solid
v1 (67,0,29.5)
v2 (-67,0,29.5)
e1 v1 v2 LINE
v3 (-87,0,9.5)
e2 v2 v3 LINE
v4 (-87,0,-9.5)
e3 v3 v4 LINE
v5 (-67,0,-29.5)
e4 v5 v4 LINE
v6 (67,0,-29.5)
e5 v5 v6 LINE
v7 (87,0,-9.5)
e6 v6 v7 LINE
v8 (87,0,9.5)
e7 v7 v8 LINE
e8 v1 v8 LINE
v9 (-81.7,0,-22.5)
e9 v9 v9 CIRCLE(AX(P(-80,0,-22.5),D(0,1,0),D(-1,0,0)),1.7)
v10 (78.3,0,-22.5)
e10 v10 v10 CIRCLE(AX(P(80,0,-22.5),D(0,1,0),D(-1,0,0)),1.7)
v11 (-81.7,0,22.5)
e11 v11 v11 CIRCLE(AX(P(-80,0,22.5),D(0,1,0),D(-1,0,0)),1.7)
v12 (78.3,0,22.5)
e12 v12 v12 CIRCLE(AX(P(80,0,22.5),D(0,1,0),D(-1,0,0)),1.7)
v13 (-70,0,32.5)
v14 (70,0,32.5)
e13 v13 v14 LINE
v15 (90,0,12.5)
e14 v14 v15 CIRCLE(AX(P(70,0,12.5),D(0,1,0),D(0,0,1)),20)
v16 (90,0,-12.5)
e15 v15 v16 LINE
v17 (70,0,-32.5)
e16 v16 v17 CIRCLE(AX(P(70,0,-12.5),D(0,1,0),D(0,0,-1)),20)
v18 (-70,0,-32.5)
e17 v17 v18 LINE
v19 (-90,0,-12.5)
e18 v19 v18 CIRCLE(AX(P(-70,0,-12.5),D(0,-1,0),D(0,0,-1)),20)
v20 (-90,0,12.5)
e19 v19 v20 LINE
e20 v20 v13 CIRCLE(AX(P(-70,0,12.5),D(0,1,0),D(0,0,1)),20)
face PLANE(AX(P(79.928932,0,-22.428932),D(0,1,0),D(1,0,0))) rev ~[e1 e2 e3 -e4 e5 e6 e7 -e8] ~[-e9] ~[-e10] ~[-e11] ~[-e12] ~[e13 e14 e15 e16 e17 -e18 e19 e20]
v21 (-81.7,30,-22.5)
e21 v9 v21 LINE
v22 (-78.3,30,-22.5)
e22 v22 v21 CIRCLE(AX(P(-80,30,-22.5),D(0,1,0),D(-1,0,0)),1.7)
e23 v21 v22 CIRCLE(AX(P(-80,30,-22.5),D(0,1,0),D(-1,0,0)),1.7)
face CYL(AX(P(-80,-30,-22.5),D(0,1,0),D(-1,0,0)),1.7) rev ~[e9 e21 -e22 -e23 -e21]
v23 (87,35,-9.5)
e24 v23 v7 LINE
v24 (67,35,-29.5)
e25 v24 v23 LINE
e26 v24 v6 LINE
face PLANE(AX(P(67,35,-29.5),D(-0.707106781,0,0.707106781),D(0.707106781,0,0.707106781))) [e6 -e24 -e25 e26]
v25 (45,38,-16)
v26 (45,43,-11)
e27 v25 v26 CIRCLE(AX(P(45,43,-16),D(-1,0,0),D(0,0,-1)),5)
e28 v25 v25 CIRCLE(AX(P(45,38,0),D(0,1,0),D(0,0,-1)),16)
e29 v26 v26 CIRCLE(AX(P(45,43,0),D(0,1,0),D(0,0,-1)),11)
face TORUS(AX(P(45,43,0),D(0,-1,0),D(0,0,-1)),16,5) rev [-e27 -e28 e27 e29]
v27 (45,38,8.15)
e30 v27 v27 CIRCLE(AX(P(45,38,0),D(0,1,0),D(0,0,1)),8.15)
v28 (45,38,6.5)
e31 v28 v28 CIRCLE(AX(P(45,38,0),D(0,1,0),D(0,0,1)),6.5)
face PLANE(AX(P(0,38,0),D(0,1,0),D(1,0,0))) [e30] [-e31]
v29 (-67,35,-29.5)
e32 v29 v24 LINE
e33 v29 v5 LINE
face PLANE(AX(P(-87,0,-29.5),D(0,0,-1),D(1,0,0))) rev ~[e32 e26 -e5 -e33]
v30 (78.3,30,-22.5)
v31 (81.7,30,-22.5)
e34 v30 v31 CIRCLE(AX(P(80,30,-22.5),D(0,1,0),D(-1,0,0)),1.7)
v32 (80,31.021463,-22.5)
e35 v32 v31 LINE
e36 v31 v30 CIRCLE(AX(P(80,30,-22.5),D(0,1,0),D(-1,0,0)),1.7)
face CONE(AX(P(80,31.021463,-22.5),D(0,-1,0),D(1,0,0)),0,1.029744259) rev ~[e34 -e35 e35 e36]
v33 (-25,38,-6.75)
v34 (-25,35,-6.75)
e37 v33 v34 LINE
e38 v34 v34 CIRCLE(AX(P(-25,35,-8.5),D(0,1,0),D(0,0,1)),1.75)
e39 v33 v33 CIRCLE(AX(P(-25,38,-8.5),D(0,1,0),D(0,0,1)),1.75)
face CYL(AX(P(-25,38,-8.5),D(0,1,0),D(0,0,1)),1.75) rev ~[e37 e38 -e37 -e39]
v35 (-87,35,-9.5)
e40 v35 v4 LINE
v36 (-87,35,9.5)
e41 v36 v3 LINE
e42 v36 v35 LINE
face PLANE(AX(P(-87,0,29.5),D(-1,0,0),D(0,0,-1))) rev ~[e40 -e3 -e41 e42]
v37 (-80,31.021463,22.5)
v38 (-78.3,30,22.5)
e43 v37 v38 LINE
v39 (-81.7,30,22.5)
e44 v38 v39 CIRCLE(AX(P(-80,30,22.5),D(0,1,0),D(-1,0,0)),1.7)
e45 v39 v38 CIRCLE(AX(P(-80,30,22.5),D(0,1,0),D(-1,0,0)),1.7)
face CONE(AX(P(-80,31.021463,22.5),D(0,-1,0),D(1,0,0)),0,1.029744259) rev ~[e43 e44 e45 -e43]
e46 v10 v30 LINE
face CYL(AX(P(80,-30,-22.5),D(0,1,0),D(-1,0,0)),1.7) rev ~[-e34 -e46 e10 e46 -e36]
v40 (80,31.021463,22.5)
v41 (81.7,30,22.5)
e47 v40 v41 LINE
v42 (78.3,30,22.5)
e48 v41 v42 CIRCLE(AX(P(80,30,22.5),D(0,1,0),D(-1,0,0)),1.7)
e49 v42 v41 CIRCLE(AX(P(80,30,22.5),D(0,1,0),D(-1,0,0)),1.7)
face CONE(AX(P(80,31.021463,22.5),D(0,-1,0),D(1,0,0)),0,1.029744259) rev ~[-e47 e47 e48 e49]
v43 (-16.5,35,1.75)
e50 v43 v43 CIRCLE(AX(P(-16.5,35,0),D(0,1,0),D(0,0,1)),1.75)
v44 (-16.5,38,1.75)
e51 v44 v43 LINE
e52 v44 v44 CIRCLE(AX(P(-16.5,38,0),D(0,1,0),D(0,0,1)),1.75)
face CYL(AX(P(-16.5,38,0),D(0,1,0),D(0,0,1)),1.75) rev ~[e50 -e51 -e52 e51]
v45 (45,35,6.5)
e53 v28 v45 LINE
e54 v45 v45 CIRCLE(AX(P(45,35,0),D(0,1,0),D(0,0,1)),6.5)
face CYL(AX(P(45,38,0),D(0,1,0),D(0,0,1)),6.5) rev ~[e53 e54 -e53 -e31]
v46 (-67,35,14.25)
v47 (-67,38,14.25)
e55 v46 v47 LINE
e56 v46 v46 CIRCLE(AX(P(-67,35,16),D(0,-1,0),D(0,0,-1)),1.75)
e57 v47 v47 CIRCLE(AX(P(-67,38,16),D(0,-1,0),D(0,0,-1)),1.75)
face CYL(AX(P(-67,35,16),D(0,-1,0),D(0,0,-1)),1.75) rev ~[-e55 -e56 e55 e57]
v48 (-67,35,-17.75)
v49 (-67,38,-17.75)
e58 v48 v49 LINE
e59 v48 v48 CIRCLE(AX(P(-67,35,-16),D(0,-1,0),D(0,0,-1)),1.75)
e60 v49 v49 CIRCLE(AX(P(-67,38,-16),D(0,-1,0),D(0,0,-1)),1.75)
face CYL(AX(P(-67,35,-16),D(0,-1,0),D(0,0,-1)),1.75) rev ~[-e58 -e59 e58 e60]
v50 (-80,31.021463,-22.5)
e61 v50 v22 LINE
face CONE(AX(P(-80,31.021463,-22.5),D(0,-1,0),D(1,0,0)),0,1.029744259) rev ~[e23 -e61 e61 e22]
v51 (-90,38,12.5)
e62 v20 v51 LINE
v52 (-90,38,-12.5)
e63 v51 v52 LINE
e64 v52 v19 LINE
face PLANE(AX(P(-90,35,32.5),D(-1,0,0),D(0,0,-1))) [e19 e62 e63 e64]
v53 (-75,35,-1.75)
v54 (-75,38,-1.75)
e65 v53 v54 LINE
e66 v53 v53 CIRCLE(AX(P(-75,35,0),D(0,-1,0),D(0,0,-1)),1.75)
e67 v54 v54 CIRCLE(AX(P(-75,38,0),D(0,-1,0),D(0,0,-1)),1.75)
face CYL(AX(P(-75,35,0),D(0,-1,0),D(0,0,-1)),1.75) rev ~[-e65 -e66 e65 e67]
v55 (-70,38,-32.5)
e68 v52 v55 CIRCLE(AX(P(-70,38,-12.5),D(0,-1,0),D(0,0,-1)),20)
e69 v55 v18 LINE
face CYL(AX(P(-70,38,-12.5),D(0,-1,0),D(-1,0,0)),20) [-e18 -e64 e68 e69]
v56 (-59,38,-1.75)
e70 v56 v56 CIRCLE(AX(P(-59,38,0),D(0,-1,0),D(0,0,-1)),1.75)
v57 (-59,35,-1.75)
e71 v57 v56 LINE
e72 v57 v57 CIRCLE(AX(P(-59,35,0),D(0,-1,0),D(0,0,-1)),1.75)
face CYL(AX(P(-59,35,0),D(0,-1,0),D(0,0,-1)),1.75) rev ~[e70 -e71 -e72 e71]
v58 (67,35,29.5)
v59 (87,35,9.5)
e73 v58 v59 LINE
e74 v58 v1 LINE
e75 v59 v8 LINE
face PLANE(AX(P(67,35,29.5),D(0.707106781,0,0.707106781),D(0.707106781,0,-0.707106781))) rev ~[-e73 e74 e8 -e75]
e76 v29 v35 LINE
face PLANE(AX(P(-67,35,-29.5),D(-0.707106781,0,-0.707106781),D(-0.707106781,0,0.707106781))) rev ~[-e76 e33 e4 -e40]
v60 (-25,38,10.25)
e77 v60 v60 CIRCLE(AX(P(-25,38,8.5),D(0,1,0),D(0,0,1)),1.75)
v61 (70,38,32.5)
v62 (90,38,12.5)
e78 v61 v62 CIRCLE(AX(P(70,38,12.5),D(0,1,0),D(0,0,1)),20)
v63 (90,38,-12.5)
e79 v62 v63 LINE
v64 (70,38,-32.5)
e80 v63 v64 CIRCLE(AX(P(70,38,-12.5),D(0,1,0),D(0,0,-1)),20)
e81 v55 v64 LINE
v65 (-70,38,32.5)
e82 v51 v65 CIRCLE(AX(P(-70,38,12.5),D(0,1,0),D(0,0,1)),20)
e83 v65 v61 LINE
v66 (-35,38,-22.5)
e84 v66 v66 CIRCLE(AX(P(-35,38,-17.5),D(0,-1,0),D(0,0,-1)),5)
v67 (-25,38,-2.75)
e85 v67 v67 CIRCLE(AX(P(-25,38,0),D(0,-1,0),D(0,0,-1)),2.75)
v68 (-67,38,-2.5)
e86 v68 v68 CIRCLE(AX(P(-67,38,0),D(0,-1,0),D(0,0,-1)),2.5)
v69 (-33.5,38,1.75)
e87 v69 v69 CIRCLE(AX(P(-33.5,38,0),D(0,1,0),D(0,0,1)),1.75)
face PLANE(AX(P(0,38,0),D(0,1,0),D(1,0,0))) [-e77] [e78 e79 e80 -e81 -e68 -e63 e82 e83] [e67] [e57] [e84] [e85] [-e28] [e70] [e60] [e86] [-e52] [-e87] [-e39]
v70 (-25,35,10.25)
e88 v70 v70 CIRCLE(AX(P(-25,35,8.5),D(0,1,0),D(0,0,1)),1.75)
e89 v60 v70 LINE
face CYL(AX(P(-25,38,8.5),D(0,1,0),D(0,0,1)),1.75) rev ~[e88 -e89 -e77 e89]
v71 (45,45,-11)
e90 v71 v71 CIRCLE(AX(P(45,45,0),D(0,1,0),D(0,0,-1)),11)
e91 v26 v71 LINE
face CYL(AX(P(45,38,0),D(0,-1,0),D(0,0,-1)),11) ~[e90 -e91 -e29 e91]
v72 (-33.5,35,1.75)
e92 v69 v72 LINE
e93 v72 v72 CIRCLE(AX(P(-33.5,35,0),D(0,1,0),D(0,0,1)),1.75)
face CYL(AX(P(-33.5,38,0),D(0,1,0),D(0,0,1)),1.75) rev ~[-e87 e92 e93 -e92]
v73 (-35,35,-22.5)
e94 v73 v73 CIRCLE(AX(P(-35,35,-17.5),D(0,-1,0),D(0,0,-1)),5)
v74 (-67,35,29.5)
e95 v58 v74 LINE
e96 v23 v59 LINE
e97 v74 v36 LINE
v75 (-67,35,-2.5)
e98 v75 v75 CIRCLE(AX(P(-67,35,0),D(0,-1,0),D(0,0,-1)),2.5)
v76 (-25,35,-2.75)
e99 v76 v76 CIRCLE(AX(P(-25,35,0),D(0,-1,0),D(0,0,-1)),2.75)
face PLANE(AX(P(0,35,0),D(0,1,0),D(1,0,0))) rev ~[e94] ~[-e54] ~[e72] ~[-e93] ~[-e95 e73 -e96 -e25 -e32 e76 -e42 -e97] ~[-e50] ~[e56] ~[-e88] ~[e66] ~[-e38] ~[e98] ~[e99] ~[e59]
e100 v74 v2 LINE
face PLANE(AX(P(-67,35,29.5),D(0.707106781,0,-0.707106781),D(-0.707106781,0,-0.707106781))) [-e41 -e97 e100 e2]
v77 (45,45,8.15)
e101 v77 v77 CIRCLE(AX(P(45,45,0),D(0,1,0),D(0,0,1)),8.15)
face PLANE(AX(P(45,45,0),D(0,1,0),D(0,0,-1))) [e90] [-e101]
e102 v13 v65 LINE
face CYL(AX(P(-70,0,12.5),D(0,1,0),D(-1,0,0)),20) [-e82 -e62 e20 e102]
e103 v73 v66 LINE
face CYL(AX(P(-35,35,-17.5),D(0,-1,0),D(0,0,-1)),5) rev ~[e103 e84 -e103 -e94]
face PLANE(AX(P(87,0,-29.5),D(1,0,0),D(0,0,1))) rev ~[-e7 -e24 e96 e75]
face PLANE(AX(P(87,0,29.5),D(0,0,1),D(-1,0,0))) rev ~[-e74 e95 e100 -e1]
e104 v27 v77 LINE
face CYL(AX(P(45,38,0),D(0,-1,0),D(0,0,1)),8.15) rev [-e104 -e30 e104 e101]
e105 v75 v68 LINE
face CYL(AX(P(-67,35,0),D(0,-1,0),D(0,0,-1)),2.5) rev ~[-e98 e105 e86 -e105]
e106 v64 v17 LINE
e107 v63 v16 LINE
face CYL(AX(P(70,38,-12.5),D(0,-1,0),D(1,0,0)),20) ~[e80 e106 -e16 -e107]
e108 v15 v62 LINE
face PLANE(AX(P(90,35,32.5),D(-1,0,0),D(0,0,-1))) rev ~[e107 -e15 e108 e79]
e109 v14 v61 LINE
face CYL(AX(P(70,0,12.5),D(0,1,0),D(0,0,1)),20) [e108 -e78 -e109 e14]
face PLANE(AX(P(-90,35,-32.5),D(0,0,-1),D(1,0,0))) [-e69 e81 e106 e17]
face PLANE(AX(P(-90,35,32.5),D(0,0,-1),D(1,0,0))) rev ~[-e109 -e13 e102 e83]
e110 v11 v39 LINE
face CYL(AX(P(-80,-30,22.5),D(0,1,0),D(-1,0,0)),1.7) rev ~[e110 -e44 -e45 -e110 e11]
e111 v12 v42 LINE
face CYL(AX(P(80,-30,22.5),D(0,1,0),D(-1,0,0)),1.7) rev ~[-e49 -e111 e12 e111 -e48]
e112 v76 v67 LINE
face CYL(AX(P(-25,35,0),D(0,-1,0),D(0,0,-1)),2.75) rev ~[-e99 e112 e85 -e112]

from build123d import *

# Parameters (mm, degrees)
SALIENTE_EXTRUIR1_DEPTH          = 35
SALIENTE_EXTRUIR2_DEPTH          = 35
CROQUIS3_W                       = 180
CROQUIS3_H                       = 65
SALIENTE_EXTRUIR3_DEPTH          = 3
REDONDEO1_R                      = 20
CROQUIS5_R                       = 2.5
CROQUIS5_R_2                     = 2.75
CORTAR_EXTRUIR1_DEPTH            = 3
CORTAR_EXTRUIR3_REACH            = 103.888
CROQUIS7_R                       = 1.75
TALADRO_DE_MARGEN_PARA_M31_D     = 3.4
TALADRO_DE_MARGEN_PARA_M31_DEPTH = 30
TALADRO_DE_MARGEN_PARA_M31_TIP   = 1.021463052
CORTAR_EXTRUIR4_REACH            = 104.958
CROQUIS10_R                      = 1.75
CROQUIS11_R                      = 5
CORTAR_EXTRUIR5_DEPTH            = 10
CROQUIS12_R                      = 6.5
CORTAR_EXTRUIR6_DEPTH            = 10
CROQUIS13_R                      = 11
CROQUIS13_R_2                    = 8.15
SALIENTE_EXTRUIR4_DEPTH          = 7
REDONDEO2_R                      = 5


with BuildPart() as part:
    # Croquis1 → Saliente-Extruir1 (new body)
    with BuildSketch(Plane(origin=(0, 0, 0), x_dir=(1, 0, 0), z_dir=(0, 1, 0))):
        Polygon((90, -32.5), (90, 0), (87, 0), (87, -29.5), (-87, -29.5), (-87, 0), (-90, 0), (-90, -32.5), align=None)
        Polygon((87, 0), (90, 0), (90, 32.5), (-90, 32.5), (-90, 0), (-87, 0), (-87, 29.5), (87, 29.5), align=None)
    extrude(amount=SALIENTE_EXTRUIR1_DEPTH)

    # Croquis2 → Saliente-Extruir2 (add)
    with BuildSketch(Plane(origin=(0, 35, 0), x_dir=(1, 0, 0), z_dir=(0, 1, 0))):
        Polygon((87, 29.5), (67, 29.5), (87, 9.5), align=None)
        Polygon((-67, 29.5), (-87, 9.5), (-87, 29.5), align=None)
        Polygon((67, -29.5), (87, -9.5), (87, -29.5), align=None)
        Polygon((-87, -29.5), (-67, -29.5), (-87, -9.5), align=None)
    extrude(amount=-SALIENTE_EXTRUIR2_DEPTH)

    # Croquis3 → Saliente-Extruir3 (add)
    with BuildSketch(Plane(origin=(0, 35, 0), x_dir=(1, 0, 0), z_dir=(0, 1, 0))):
        Rectangle(CROQUIS3_W, CROQUIS3_H)
    extrude(amount=SALIENTE_EXTRUIR3_DEPTH)

    # Redondeo1
    redondeo1_edges = [part.edges().sort_by_distance(p)[0] for p in [
        (90, 19, -32.5),
        (90, 19, 32.5),
        (-90, 19, 32.5),
        (-90, 19, -32.5),
    ]]
    fillet(redondeo1_edges, radius=REDONDEO1_R)

    # Croquis5 → Cortar-Extruir1 (cut)
    with BuildSketch(Plane.XZ.offset(-35)):
        with Locations(Location((-67, 0, 0), (0, 0, 270))):
            Circle(CROQUIS5_R)
        with Locations(Location((-25, 0, 0), (0, 0, 270))):
            Circle(CROQUIS5_R_2)
        with Locations(Location((45, 0, 0), (0, 0, 270))):
            Circle(CROQUIS5_R_2)
    extrude(amount=-CORTAR_EXTRUIR1_DEPTH, mode=Mode.SUBTRACT)

    # Croquis7 → Cortar-Extruir3 (cut, up to next)
    with BuildSketch(Plane.XZ.offset(-35), mode=Mode.PRIVATE) as cortar_extruir3_sk1:
        with Locations(Location((-67, 16, 0), (0, 0, 270))):
            Circle(CROQUIS7_R)
    cortar_extruir3_tool1 = extrude(cortar_extruir3_sk1.sketch, amount=-CORTAR_EXTRUIR3_REACH, mode=Mode.PRIVATE) & part.part
    # Croquis7 → Cortar-Extruir3 (cut, up to next)
    with BuildSketch(Plane.XZ.offset(-35), mode=Mode.PRIVATE) as cortar_extruir3_sk2:
        with Locations(Location((-59, 0, 0), (0, 0, 270))):
            Circle(CROQUIS7_R)
    cortar_extruir3_tool2 = extrude(cortar_extruir3_sk2.sketch, amount=-CORTAR_EXTRUIR3_REACH, mode=Mode.PRIVATE) & part.part
    # Croquis7 → Cortar-Extruir3 (cut, up to next)
    with BuildSketch(Plane.XZ.offset(-35), mode=Mode.PRIVATE) as cortar_extruir3_sk3:
        with Locations(Location((-67, -16, 0), (0, 0, 270))):
            Circle(CROQUIS7_R)
    cortar_extruir3_tool3 = extrude(cortar_extruir3_sk3.sketch, amount=-CORTAR_EXTRUIR3_REACH, mode=Mode.PRIVATE) & part.part
    # Croquis7 → Cortar-Extruir3 (cut, up to next)
    with BuildSketch(Plane.XZ.offset(-35), mode=Mode.PRIVATE) as cortar_extruir3_sk4:
        with Locations(Location((-75, 0, 0), (0, 0, 270))):
            Circle(CROQUIS7_R)
    cortar_extruir3_tool4 = extrude(cortar_extruir3_sk4.sketch, amount=-CORTAR_EXTRUIR3_REACH, mode=Mode.PRIVATE) & part.part
    add(cortar_extruir3_tool1.solids().sort_by_distance((-67, 35, 16))[0], mode=Mode.SUBTRACT)
    add(cortar_extruir3_tool2.solids().sort_by_distance((-59, 35, 0))[0], mode=Mode.SUBTRACT)
    add(cortar_extruir3_tool3.solids().sort_by_distance((-67, 35, -16))[0], mode=Mode.SUBTRACT)
    add(cortar_extruir3_tool4.solids().sort_by_distance((-75, 35, 0))[0], mode=Mode.SUBTRACT)

    # Taladro de margen para M31
    with Locations(Plane.XZ):
        with Locations((-80, 22.5), (80, 22.5), (-80, -22.5), (80, -22.5)):
            Hole(TALADRO_DE_MARGEN_PARA_M31_D / 2, depth=TALADRO_DE_MARGEN_PARA_M31_DEPTH)
            with Locations((0, 0, -(TALADRO_DE_MARGEN_PARA_M31_DEPTH + TALADRO_DE_MARGEN_PARA_M31_TIP / 2))):  # 118° drill point
                Cone(0, TALADRO_DE_MARGEN_PARA_M31_D / 2, TALADRO_DE_MARGEN_PARA_M31_TIP, mode=Mode.SUBTRACT)

    # Croquis10 → Cortar-Extruir4 (cut, up to next)
    with BuildSketch(Plane(origin=(0, 38, 0), x_dir=(1, 0, 0), z_dir=(0, 1, 0)), mode=Mode.PRIVATE) as cortar_extruir4_sk1:
        with Locations(Location((-25, 8.5, 0), (0, 0, 270))):
            Circle(CROQUIS10_R)
    cortar_extruir4_tool1 = extrude(cortar_extruir4_sk1.sketch, amount=-CORTAR_EXTRUIR4_REACH, mode=Mode.PRIVATE) & part.part
    # Croquis10 → Cortar-Extruir4 (cut, up to next)
    with BuildSketch(Plane(origin=(0, 38, 0), x_dir=(1, 0, 0), z_dir=(0, 1, 0)), mode=Mode.PRIVATE) as cortar_extruir4_sk2:
        with Locations(Location((-16.5, 0, 0), (0, 0, 270))):
            Circle(CROQUIS10_R)
    cortar_extruir4_tool2 = extrude(cortar_extruir4_sk2.sketch, amount=-CORTAR_EXTRUIR4_REACH, mode=Mode.PRIVATE) & part.part
    # Croquis10 → Cortar-Extruir4 (cut, up to next)
    with BuildSketch(Plane(origin=(0, 38, 0), x_dir=(1, 0, 0), z_dir=(0, 1, 0)), mode=Mode.PRIVATE) as cortar_extruir4_sk3:
        with Locations(Location((-25, -8.5, 0), (0, 0, 270))):
            Circle(CROQUIS10_R)
    cortar_extruir4_tool3 = extrude(cortar_extruir4_sk3.sketch, amount=-CORTAR_EXTRUIR4_REACH, mode=Mode.PRIVATE) & part.part
    # Croquis10 → Cortar-Extruir4 (cut, up to next)
    with BuildSketch(Plane(origin=(0, 38, 0), x_dir=(1, 0, 0), z_dir=(0, 1, 0)), mode=Mode.PRIVATE) as cortar_extruir4_sk4:
        with Locations(Location((-33.5, 0, 0), (0, 0, 270))):
            Circle(CROQUIS10_R)
    cortar_extruir4_tool4 = extrude(cortar_extruir4_sk4.sketch, amount=-CORTAR_EXTRUIR4_REACH, mode=Mode.PRIVATE) & part.part
    add(cortar_extruir4_tool1.solids().sort_by_distance((-25, 38, -8.5))[0], mode=Mode.SUBTRACT)
    add(cortar_extruir4_tool2.solids().sort_by_distance((-16.5, 38, 0))[0], mode=Mode.SUBTRACT)
    add(cortar_extruir4_tool3.solids().sort_by_distance((-25, 38, 8.5))[0], mode=Mode.SUBTRACT)
    add(cortar_extruir4_tool4.solids().sort_by_distance((-33.5, 38, 0))[0], mode=Mode.SUBTRACT)

    # Croquis11 → Cortar-Extruir5 (cut)
    with BuildSketch(Plane.XZ.offset(-35)):
        with Locations(Location((-35, -17.5, 0), (0, 0, 270))):
            Circle(CROQUIS11_R)
    extrude(amount=-CORTAR_EXTRUIR5_DEPTH, mode=Mode.SUBTRACT)

    # Croquis12 → Cortar-Extruir6 (cut)
    with BuildSketch(Plane(origin=(0, 38, 0), x_dir=(1, 0, 0), z_dir=(0, 1, 0))):
        with Locations(Location((45, 0, 0), (0, 0, 270))):
            Circle(CROQUIS12_R)
    extrude(amount=-CORTAR_EXTRUIR6_DEPTH, mode=Mode.SUBTRACT)

    # Croquis13 → Saliente-Extruir4 (add)
    with BuildSketch(Plane(origin=(0, 38, 0), x_dir=(1, 0, 0), z_dir=(0, 1, 0))):
        with Locations(Location((45, 0, 0), (0, 0, 90))):
            Circle(CROQUIS13_R)
        with Locations(Location((45, 0, 0), (0, 0, 270))):
            Circle(CROQUIS13_R_2, mode=Mode.SUBTRACT)
    extrude(amount=SALIENTE_EXTRUIR4_DEPTH)

    # Redondeo2
    redondeo2_edges = [part.edges().sort_by_distance(p)[0] for p in [
        (45, 38, 11),
    ]]
    fillet(redondeo2_edges, radius=REDONDEO2_R)


solid = part.part
